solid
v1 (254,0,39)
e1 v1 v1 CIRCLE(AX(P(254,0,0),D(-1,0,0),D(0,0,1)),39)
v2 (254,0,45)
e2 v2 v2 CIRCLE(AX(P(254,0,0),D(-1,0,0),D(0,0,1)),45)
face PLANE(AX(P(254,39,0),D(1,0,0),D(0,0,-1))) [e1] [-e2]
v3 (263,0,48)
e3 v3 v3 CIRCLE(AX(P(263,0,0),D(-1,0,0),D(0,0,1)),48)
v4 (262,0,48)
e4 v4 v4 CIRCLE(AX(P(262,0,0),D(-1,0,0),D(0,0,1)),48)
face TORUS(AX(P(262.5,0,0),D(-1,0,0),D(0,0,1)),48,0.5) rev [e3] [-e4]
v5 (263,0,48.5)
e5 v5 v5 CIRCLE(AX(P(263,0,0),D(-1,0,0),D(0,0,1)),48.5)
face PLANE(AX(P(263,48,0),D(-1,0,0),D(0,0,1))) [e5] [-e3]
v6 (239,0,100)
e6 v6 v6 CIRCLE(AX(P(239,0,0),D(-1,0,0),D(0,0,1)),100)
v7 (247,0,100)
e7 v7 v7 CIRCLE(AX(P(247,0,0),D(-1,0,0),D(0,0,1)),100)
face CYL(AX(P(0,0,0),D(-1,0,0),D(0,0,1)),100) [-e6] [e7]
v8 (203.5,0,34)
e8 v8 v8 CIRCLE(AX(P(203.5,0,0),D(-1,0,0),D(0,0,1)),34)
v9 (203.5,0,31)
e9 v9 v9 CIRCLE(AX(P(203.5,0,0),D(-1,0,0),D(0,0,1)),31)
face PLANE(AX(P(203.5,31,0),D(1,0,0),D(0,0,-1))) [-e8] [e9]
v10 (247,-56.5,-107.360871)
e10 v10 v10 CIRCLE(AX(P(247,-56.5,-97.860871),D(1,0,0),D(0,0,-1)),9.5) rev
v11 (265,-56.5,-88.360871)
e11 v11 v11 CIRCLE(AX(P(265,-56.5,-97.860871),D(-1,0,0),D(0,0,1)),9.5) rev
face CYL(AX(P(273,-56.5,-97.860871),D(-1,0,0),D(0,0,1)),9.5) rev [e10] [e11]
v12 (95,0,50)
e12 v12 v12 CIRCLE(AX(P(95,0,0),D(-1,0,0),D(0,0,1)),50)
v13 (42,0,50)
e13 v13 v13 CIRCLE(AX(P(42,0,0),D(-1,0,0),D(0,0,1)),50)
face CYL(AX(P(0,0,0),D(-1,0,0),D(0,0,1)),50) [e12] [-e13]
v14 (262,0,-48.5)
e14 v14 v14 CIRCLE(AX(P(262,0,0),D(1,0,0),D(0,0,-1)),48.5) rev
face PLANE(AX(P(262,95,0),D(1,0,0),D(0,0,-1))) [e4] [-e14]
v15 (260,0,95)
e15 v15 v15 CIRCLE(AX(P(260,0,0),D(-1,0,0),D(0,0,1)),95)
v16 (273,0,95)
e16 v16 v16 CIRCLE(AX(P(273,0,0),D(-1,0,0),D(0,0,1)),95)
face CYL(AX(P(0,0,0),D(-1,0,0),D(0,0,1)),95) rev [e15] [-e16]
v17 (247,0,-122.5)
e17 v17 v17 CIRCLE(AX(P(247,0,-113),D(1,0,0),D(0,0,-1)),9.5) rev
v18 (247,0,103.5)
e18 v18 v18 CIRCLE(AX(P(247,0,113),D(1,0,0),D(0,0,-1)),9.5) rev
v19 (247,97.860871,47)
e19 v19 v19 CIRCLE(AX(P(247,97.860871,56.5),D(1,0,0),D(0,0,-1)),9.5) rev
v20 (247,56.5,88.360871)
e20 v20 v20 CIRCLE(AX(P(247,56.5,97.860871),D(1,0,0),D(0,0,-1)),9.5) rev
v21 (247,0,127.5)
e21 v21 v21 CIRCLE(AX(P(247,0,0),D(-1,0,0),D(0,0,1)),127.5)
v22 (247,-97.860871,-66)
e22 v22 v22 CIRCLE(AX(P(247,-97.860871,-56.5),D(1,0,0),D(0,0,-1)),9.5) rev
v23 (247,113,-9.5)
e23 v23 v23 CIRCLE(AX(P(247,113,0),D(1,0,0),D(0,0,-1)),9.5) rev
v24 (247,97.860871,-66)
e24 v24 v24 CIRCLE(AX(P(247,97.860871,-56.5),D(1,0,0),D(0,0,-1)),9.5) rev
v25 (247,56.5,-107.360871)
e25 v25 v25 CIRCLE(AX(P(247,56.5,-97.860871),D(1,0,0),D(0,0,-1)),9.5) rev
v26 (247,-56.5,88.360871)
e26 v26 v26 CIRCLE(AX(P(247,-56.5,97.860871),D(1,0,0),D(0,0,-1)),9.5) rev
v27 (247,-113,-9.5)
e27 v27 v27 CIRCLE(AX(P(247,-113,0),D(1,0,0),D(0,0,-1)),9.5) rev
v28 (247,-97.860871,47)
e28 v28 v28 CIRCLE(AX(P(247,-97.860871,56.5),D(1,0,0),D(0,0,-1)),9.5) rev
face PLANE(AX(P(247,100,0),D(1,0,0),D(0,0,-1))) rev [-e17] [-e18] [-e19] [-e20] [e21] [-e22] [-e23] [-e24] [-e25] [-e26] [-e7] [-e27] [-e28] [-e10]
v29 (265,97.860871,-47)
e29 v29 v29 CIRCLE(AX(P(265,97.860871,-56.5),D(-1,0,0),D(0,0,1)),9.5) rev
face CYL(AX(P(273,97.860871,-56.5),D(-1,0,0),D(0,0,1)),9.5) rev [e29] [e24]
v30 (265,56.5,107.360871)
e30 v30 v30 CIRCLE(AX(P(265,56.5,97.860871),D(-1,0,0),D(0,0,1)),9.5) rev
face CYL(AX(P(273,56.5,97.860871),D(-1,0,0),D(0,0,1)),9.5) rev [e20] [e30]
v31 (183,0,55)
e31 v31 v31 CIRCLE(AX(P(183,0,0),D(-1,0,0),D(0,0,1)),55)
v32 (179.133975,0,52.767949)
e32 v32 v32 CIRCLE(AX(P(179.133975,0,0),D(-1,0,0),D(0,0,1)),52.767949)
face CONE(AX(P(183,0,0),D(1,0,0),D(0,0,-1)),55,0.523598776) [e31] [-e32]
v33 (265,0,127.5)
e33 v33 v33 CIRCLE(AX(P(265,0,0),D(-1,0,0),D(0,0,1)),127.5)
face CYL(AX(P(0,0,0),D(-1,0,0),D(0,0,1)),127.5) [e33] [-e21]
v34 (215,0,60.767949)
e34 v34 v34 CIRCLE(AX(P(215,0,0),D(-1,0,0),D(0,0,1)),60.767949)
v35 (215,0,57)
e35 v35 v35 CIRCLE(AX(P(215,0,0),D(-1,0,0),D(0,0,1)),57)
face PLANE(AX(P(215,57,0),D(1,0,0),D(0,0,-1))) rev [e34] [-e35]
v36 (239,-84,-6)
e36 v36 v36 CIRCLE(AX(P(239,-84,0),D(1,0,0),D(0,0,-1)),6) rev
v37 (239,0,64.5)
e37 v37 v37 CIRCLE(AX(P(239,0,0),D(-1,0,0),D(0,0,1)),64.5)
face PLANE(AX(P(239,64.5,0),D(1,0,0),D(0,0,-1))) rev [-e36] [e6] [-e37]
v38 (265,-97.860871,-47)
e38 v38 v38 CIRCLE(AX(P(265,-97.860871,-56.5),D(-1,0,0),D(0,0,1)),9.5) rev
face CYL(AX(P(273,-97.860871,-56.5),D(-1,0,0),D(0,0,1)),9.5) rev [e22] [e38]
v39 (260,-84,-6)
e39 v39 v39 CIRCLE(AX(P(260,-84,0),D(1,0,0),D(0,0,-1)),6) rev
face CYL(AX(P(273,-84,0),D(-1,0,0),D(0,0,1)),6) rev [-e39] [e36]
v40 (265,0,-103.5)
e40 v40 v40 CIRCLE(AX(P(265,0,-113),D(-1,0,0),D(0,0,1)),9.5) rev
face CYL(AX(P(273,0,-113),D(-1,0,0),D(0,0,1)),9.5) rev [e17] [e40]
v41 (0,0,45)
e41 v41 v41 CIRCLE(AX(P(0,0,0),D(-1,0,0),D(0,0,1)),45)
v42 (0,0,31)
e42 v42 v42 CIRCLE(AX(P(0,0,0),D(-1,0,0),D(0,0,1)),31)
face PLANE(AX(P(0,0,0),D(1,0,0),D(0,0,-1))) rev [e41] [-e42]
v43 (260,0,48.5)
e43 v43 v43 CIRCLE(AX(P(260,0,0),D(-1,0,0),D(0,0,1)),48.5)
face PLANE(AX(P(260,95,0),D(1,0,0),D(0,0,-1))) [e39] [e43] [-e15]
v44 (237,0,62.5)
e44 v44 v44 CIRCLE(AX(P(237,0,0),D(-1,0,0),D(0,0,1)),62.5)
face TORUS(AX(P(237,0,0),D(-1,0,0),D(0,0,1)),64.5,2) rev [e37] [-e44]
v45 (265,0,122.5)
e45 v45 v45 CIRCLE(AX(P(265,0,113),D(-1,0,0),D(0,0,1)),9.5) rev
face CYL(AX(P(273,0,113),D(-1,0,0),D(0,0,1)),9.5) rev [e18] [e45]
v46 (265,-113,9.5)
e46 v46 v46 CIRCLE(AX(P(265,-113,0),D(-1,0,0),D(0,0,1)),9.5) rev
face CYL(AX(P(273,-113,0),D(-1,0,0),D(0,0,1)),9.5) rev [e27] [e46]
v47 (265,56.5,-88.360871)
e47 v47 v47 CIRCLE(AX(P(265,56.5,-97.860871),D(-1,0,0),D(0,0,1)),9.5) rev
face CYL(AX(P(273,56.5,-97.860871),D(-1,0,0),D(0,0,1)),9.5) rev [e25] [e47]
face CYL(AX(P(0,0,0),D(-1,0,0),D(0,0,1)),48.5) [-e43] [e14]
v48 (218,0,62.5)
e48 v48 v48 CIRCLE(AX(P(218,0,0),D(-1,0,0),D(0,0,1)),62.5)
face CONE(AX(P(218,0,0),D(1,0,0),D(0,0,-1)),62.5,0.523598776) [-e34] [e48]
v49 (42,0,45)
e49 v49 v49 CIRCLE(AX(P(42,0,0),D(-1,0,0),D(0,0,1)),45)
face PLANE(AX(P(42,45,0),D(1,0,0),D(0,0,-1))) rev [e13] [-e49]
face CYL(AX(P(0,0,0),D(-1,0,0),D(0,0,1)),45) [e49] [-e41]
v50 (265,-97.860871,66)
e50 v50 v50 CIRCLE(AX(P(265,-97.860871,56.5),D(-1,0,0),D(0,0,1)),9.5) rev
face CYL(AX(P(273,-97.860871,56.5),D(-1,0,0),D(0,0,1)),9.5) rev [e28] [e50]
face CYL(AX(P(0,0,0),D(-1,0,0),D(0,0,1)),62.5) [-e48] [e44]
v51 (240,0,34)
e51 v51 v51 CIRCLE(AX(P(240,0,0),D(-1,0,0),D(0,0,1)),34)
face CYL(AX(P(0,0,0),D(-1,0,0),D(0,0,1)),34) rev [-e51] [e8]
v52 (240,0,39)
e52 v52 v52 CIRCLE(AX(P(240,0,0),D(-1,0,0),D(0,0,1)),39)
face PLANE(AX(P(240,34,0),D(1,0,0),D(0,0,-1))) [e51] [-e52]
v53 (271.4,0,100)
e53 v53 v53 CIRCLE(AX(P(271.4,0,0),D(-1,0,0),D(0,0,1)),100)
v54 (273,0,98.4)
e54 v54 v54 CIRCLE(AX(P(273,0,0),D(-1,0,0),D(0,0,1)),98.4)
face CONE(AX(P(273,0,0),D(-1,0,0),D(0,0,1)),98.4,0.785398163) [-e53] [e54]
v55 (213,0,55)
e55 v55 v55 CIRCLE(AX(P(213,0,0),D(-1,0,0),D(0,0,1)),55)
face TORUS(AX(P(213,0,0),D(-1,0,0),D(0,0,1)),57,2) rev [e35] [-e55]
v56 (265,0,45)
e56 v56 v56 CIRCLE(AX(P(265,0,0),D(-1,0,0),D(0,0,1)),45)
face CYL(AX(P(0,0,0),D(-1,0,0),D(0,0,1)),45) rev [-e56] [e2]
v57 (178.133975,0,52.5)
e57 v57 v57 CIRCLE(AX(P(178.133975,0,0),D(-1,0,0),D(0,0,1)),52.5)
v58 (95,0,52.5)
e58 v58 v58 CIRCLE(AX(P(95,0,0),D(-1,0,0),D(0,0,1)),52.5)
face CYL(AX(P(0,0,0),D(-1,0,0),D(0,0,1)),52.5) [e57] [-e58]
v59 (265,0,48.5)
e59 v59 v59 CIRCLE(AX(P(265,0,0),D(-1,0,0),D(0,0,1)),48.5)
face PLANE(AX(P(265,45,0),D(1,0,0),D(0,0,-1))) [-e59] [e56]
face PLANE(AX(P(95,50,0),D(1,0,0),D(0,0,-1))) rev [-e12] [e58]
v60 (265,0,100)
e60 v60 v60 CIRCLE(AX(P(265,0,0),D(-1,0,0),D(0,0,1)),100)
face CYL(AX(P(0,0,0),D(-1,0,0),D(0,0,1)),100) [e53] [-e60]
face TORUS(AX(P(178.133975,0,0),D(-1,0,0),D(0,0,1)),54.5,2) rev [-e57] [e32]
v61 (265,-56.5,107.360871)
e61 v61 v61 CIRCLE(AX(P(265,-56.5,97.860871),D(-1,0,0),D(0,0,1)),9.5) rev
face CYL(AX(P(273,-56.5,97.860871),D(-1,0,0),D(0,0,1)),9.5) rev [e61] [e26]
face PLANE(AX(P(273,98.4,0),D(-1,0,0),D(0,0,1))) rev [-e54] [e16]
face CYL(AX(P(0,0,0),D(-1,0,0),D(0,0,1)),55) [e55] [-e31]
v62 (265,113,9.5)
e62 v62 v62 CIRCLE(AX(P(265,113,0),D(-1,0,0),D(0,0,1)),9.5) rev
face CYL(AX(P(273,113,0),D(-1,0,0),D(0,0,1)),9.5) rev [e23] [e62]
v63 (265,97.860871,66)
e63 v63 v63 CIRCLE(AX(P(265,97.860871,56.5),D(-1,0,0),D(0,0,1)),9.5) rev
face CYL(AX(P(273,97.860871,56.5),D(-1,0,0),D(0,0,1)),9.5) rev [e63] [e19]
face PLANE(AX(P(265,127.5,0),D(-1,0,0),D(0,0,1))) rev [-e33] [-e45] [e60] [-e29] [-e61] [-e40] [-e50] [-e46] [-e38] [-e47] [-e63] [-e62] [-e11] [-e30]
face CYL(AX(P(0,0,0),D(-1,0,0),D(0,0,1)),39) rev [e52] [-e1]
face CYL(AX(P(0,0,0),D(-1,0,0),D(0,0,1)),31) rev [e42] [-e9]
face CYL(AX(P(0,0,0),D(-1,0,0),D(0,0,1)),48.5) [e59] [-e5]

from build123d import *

# Parameters (mm, degrees)
SKETCH_3_W           = 2
SKETCH_3_H           = 46.5
SKETCH_5_W           = 2
SKETCH_5_H           = 46.5
SKETCH_6_R           = 9.5
CUT_EXTRUDE_1_DEPTH  = 328.171973127
SKETCH_7_R           = 9.5
CUT_EXTRUDE_2_DEPTH  = 328.171973127
SKETCH_8_R           = 9.5
CUT_EXTRUDE_3_DEPTH  = 328.171973127
SKETCH_9_R           = 9.5
CUT_EXTRUDE_4_DEPTH  = 328.171973127
SKETCH_10_R          = 9.5
CUT_EXTRUDE_5_DEPTH  = 328.171973127
SKETCH_11_R          = 9.5
CUT_EXTRUDE_6_DEPTH  = 328.171973127
SKETCH_12_R          = 9.5
CUT_EXTRUDE_7_DEPTH  = 328.171973127
SKETCH_13_R          = 9.5
CUT_EXTRUDE_8_DEPTH  = 328.171973127
SKETCH_14_R          = 9.5
CUT_EXTRUDE_9_DEPTH  = 328.171973127
SKETCH_15_R          = 9.5
CUT_EXTRUDE_10_DEPTH = 328.171973127
SKETCH_16_R          = 9.5
CUT_EXTRUDE_11_DEPTH = 328.171973127
SKETCH_17_R          = 9.5
CUT_EXTRUDE_12_DEPTH = 328.171973127
SKETCH_18_R          = 6
CUT_EXTRUDE_13_DEPTH = 328.171973127


with BuildPart() as part:
    # Эскиз1 → Повернуть1 (revolve)
    with BuildSketch(Plane.XY, mode=Mode.PRIVATE) as revolve_1_sk:
        with BuildLine():
            Line((0, 0), (273, 0))
            Line((273, 0), (273, 98.4))
            Line((273, 98.4), (271.4, 100))
            Line((271.4, 100), (265, 100))
            Line((265, 100), (265, 127.5))
            Line((265, 127.5), (247, 127.5))
            Line((247, 127.5), (247, 100))
            Line((247, 100), (239, 100))
            Line((239, 100), (239, 64.5))
            ThreePointArc((239, 64.5), (238.414213562, 63.085786438), (237, 62.5))
            Line((237, 62.5), (218, 62.5))
            Line((218, 62.5), (215, 60.767949192))
            Line((215, 60.767949192), (215, 57))
            ThreePointArc((215, 57), (214.414213562, 55.585786438), (213, 55))
            Line((213, 55), (183, 55))
            Line((183, 55), (179.133974596, 52.767949192))
            ThreePointArc((179.133974596, 52.767949192), (178.651612686, 52.568148347), (178.133974596, 52.5))
            Line((178.133974596, 52.5), (95, 52.5))
            Line((95, 52.5), (95, 50))
            Line((95, 50), (42, 50))
            Line((42, 50), (42, 45))
            Line((42, 45), (0, 45))
            Line((0, 45), (0, 0))
        make_face()
    revolve(revolve_1_sk.sketch.rotate(Axis((0, 0, 0), (1, 0, 0)), 90), axis=Axis((0, 0, 0), (1, 0, 0)))

    # Эскиз2 → Вырез-Повернуть1 (revolve, cut)
    with BuildSketch(Plane.XY, mode=Mode.PRIVATE) as cut_revolve_1_sk:
        Polygon((0, 0), (273, 0), (273, 95), (265, 95), (265, 45), (254, 45), (254, 39), (240, 39), (240, 34), (203.5, 34), (203.5, 31), (0, 31), align=None)
    revolve(cut_revolve_1_sk.sketch.rotate(Axis((0, 0, 0), (1, 0, 0)), 90), axis=Axis((0, 0, 0), (1, 0, 0)), mode=Mode.SUBTRACT)

    # Эскиз3 → Rear_recess_left (revolve, cut)
    with BuildSketch(Plane.XY, mode=Mode.PRIVATE) as rear_recess_left_sk:
        with Locations((261, 71.75)):
            Rectangle(SKETCH_3_W, SKETCH_3_H)
    revolve(rear_recess_left_sk.sketch.rotate(Axis((0, 0, 0), (1, 0, 0)), 90), axis=Axis((0, 0, 0), (1, 0, 0)), mode=Mode.SUBTRACT)

    # Эскиз4 → Collar_groove_nominal (revolve, cut)
    with BuildSketch(Plane.XY, mode=Mode.PRIVATE) as collar_groove_nominal_sk:
        with BuildLine():
            Line((263, 48), (263, 95))
            Line((263, 95), (262, 95))
            Line((262, 95), (262, 48))
            ThreePointArc((262, 48), (262.146446609, 47.646446609), (262.5, 47.5))
            ThreePointArc((262.5, 47.5), (262.853553391, 47.646446609), (263, 48))
        make_face()
    revolve(collar_groove_nominal_sk.sketch.rotate(Axis((0, 0, 0), (1, 0, 0)), 90), axis=Axis((0, 0, 0), (1, 0, 0)), mode=Mode.SUBTRACT)

    # Эскиз5 → Rear_recess_lip (revolve, cut)
    with BuildSketch(Plane.XY, mode=Mode.PRIVATE) as rear_recess_lip_sk:
        with Locations((264, 71.75)):
            Rectangle(SKETCH_5_W, SKETCH_5_H)
    revolve(rear_recess_lip_sk.sketch.rotate(Axis((0, 0, 0), (1, 0, 0)), 90), axis=Axis((0, 0, 0), (1, 0, 0)), mode=Mode.SUBTRACT)

    # Эскиз6 → Вырез-Вытянуть1 (cut, through all)
    with BuildSketch(Plane(origin=(0, 0, 0), x_dir=(0, 0, -1), z_dir=(1, 0, 0))):
        with Locations(Location((0, 113, 0), (0, 0, 180))):
            Circle(SKETCH_6_R)
    extrude(amount=CUT_EXTRUDE_1_DEPTH, mode=Mode.SUBTRACT)

    # Эскиз7 → Вырез-Вытянуть2 (cut, through all)
    with BuildSketch(Plane(origin=(0, 0, 0), x_dir=(0, 0, -1), z_dir=(1, 0, 0))):
        with Locations(Location((-56.5, 97.860870628, 0), (0, 0, 180))):
            Circle(SKETCH_7_R)
    extrude(amount=CUT_EXTRUDE_2_DEPTH, mode=Mode.SUBTRACT)

    # Эскиз8 → Вырез-Вытянуть3 (cut, through all)
    with BuildSketch(Plane(origin=(0, 0, 0), x_dir=(0, 0, -1), z_dir=(1, 0, 0))):
        with Locations(Location((-97.860870628, 56.5, 0), (0, 0, 180))):
            Circle(SKETCH_8_R)
    extrude(amount=CUT_EXTRUDE_3_DEPTH, mode=Mode.SUBTRACT)

    # Эскиз9 → Вырез-Вытянуть4 (cut, through all)
    with BuildSketch(Plane(origin=(0, 0, 0), x_dir=(0, 0, -1), z_dir=(1, 0, 0))):
        with Locations(Location((-113, 0, 0), (0, 0, 180))):
            Circle(SKETCH_9_R)
    extrude(amount=CUT_EXTRUDE_4_DEPTH, mode=Mode.SUBTRACT)

    # Эскиз10 → Вырез-Вытянуть5 (cut, through all)
    with BuildSketch(Plane(origin=(0, 0, 0), x_dir=(0, 0, -1), z_dir=(1, 0, 0))):
        with Locations(Location((-97.860870628, -56.5, 0), (0, 0, 180))):
            Circle(SKETCH_10_R)
    extrude(amount=CUT_EXTRUDE_5_DEPTH, mode=Mode.SUBTRACT)

    # Эскиз11 → Вырез-Вытянуть6 (cut, through all)
    with BuildSketch(Plane(origin=(0, 0, 0), x_dir=(0, 0, -1), z_dir=(1, 0, 0))):
        with Locations(Location((-56.5, -97.860870628, 0), (0, 0, 180))):
            Circle(SKETCH_11_R)
    extrude(amount=CUT_EXTRUDE_6_DEPTH, mode=Mode.SUBTRACT)

    # Эскиз12 → Вырез-Вытянуть7 (cut, through all)
    with BuildSketch(Plane(origin=(0, 0, 0), x_dir=(0, 0, -1), z_dir=(1, 0, 0))):
        with Locations(Location((0, -113, 0), (0, 0, 180))):
            Circle(SKETCH_12_R)
    extrude(amount=CUT_EXTRUDE_7_DEPTH, mode=Mode.SUBTRACT)

    # Эскиз13 → Вырез-Вытянуть8 (cut, through all)
    with BuildSketch(Plane(origin=(0, 0, 0), x_dir=(0, 0, -1), z_dir=(1, 0, 0))):
        with Locations(Location((56.5, -97.860870628, 0), (0, 0, 180))):
            Circle(SKETCH_13_R)
    extrude(amount=CUT_EXTRUDE_8_DEPTH, mode=Mode.SUBTRACT)

    # Эскиз14 → Вырез-Вытянуть9 (cut, through all)
    with BuildSketch(Plane(origin=(0, 0, 0), x_dir=(0, 0, -1), z_dir=(1, 0, 0))):
        with Locations(Location((97.860870628, -56.5, 0), (0, 0, 180))):
            Circle(SKETCH_14_R)
    extrude(amount=CUT_EXTRUDE_9_DEPTH, mode=Mode.SUBTRACT)

    # Эскиз15 → Вырез-Вытянуть10 (cut, through all)
    with BuildSketch(Plane(origin=(0, 0, 0), x_dir=(0, 0, -1), z_dir=(1, 0, 0))):
        with Locations(Location((113, 0, 0), (0, 0, 180))):
            Circle(SKETCH_15_R)
    extrude(amount=CUT_EXTRUDE_10_DEPTH, mode=Mode.SUBTRACT)

    # Эскиз16 → Вырез-Вытянуть11 (cut, through all)
    with BuildSketch(Plane(origin=(0, 0, 0), x_dir=(0, 0, -1), z_dir=(1, 0, 0))):
        with Locations(Location((97.860870628, 56.5, 0), (0, 0, 180))):
            Circle(SKETCH_16_R)
    extrude(amount=CUT_EXTRUDE_11_DEPTH, mode=Mode.SUBTRACT)

    # Эскиз17 → Вырез-Вытянуть12 (cut, through all)
    with BuildSketch(Plane(origin=(0, 0, 0), x_dir=(0, 0, -1), z_dir=(1, 0, 0))):
        with Locations(Location((56.5, 97.860870628, 0), (0, 0, 180))):
            Circle(SKETCH_17_R)
    extrude(amount=CUT_EXTRUDE_12_DEPTH, mode=Mode.SUBTRACT)

    # Эскиз18 → Вырез-Вытянуть13 (cut, through all)
    with BuildSketch(Plane(origin=(0, 0, 0), x_dir=(0, 0, -1), z_dir=(1, 0, 0))):
        with Locations((0, -84)):
            Circle(SKETCH_18_R)
    extrude(amount=CUT_EXTRUDE_13_DEPTH, mode=Mode.SUBTRACT)


solid = part.part
